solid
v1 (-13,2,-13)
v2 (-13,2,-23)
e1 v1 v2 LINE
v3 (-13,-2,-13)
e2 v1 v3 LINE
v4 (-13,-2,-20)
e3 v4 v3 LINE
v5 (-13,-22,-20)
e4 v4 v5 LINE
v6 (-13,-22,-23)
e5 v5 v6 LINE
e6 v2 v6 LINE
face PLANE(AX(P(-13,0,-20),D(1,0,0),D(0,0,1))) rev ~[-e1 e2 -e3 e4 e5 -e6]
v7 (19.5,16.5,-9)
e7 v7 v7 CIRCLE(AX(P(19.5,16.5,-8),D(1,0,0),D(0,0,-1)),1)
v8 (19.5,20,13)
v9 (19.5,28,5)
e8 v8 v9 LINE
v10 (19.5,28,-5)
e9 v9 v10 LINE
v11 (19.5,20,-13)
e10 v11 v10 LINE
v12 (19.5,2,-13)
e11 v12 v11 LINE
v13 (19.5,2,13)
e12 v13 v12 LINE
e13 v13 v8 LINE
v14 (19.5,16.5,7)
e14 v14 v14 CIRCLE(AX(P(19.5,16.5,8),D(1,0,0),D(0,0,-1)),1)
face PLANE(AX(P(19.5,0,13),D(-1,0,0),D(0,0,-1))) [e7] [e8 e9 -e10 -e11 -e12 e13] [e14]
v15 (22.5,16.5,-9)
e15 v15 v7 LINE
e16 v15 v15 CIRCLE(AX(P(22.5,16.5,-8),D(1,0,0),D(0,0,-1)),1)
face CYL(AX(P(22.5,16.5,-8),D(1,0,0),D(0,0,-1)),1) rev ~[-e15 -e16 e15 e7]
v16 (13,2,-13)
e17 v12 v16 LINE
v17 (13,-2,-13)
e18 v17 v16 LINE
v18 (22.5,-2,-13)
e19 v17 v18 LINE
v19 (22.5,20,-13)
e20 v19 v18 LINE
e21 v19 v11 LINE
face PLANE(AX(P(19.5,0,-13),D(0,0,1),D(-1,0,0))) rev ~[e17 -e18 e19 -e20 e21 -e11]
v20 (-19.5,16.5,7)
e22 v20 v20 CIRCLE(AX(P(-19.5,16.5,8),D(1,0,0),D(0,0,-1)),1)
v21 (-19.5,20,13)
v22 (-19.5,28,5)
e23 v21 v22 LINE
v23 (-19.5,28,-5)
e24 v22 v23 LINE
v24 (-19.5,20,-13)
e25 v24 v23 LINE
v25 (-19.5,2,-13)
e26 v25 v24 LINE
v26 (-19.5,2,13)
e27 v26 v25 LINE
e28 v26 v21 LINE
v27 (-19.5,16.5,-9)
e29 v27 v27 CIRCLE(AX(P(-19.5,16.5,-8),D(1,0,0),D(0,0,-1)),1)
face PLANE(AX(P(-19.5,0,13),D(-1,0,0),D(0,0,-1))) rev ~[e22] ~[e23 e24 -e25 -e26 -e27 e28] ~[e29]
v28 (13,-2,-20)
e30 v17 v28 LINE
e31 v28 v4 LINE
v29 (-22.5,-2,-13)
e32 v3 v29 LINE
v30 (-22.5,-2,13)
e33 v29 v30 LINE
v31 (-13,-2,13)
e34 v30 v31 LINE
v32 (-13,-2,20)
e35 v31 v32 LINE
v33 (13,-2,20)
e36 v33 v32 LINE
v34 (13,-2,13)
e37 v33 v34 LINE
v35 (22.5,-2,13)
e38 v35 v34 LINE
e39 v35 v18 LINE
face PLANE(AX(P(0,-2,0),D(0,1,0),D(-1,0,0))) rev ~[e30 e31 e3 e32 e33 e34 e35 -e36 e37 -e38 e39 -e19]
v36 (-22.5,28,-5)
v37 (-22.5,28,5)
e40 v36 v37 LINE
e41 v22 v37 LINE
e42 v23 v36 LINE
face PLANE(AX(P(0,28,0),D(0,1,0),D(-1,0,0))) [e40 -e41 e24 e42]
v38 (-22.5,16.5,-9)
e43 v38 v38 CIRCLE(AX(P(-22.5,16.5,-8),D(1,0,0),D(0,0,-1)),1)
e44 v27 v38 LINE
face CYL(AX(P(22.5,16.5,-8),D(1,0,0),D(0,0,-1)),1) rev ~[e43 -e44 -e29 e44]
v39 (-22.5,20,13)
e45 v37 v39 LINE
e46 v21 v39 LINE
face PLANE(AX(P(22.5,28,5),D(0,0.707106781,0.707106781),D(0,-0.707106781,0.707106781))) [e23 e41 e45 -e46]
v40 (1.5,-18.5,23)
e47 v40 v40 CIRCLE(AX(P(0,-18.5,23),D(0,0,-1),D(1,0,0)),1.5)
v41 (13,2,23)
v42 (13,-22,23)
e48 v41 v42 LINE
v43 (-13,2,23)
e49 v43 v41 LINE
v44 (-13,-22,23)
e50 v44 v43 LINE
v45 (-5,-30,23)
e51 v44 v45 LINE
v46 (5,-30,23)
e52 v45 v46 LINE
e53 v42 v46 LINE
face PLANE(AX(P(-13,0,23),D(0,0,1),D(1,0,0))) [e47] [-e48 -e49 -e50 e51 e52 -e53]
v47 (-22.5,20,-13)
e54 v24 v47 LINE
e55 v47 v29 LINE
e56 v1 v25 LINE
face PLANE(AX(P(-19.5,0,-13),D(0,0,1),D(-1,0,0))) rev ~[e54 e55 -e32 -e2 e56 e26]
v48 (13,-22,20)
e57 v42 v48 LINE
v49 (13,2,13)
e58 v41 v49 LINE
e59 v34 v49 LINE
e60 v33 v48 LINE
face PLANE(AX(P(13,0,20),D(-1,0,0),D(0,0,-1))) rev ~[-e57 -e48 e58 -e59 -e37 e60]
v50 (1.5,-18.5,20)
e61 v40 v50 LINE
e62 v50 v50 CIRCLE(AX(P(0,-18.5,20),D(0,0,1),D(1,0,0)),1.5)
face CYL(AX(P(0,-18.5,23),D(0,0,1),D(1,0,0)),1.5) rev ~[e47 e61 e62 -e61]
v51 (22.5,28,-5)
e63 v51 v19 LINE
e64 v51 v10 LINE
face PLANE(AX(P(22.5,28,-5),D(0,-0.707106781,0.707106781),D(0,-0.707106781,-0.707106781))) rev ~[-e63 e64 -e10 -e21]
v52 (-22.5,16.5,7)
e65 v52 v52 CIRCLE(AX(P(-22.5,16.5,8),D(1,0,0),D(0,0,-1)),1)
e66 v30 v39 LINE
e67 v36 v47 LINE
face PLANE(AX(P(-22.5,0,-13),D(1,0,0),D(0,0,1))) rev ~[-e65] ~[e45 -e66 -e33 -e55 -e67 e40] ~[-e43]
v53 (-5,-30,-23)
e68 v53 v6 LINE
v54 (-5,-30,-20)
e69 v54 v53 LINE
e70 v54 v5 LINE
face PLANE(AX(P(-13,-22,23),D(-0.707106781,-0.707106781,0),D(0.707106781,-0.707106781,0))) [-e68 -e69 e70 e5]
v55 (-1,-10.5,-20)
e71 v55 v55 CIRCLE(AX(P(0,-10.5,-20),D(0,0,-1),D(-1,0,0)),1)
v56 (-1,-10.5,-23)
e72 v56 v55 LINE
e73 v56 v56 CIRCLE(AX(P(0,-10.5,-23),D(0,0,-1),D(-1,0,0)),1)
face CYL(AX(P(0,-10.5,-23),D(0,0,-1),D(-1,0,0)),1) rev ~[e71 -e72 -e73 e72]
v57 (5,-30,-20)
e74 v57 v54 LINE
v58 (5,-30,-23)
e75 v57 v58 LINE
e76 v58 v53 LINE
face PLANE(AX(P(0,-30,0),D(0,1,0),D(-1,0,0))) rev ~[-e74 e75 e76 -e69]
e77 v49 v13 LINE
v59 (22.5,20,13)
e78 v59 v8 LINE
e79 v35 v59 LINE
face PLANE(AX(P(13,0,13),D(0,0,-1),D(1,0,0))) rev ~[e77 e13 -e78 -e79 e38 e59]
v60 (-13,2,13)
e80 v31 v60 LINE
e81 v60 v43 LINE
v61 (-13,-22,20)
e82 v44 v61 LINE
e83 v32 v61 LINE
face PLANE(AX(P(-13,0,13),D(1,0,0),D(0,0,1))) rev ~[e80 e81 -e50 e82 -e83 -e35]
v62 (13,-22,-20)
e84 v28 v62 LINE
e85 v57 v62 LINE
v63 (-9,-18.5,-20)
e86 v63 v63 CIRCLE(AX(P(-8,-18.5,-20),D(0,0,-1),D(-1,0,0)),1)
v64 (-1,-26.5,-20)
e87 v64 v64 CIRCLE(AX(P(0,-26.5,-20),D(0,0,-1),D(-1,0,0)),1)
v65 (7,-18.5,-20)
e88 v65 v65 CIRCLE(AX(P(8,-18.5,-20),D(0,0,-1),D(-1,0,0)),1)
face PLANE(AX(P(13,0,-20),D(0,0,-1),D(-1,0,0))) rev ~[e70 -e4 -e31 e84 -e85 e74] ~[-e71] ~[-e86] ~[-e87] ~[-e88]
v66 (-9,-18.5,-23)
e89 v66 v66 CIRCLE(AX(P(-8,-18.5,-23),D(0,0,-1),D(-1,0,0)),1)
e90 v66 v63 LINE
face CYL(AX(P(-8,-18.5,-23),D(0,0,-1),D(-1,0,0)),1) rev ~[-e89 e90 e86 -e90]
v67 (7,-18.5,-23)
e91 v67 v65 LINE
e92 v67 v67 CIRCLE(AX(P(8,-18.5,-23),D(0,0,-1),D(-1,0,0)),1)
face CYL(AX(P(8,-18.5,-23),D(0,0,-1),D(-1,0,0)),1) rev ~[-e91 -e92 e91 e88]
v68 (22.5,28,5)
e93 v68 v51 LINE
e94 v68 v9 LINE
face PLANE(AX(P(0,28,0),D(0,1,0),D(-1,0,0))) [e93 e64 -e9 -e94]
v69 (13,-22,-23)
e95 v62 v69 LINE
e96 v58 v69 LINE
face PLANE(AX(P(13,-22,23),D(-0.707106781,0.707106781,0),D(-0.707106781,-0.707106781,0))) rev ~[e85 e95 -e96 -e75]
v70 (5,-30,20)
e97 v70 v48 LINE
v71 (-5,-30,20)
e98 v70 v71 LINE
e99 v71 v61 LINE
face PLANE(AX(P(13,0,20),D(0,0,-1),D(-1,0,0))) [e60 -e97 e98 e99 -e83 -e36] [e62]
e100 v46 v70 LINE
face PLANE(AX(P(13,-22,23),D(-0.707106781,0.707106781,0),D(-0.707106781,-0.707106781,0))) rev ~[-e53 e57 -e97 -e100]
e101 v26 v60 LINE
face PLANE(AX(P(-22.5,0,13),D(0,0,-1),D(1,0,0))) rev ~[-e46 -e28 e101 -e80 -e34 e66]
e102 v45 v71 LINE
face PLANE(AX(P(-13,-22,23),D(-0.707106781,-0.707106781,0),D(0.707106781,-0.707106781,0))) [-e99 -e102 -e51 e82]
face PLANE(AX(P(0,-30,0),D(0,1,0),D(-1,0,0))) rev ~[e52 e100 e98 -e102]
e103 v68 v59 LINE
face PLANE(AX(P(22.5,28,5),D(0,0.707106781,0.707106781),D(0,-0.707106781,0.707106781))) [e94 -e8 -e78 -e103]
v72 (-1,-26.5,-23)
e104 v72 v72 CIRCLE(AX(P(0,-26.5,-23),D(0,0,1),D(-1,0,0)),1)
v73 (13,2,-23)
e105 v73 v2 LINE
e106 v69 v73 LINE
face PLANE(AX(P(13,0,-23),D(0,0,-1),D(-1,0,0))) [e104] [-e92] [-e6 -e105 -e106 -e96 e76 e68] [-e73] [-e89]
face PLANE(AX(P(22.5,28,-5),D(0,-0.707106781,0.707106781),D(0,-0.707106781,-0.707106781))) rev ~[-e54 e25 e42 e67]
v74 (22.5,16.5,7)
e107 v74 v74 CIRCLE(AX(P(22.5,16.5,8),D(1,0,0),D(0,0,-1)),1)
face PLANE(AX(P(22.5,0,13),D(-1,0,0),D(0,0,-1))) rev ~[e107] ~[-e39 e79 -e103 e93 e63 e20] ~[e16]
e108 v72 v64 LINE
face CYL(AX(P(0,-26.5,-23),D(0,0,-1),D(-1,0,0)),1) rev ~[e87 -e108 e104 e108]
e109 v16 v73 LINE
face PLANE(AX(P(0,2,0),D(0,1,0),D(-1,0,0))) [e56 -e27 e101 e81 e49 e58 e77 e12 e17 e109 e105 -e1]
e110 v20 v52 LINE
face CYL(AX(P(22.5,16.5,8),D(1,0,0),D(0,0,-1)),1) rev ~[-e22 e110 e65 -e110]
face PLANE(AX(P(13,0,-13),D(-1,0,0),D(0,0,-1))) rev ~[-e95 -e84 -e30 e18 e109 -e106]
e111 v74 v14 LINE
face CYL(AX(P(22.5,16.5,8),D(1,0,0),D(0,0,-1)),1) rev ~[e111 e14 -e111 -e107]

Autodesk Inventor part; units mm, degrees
ref_plane "YZ Plane" through (0, 0, 0) normal (1, 0, 0) x (0, 1, 0)
ref_plane "XZ Plane" through (0, 0, 0) normal (0, 1, 0) x (-1, 0, 0)
ref_plane "XY Plane" through (0, 0, 0) normal (0, 0, 1) x (1, 0, 0)
sketch "Sketch1" plane through (0, 0, 0) normal (0, 1, 0) x (-1, 0, 0)
  line L0 (22.5, 13) -> (-22.5, 13)
  line L1 (-22.5, 13) -> (-22.5, -13)
  line L2 (-22.5, -13) -> (22.5, -13)
  line L3 (22.5, -13) -> (22.5, 13)
  line L4 (13, 23) -> (-13, 23)
  line L5 (-13, 23) -> (-13, -23)
  line L6 (-13, -23) -> (13, -23)
  line L7 (13, -23) -> (13, 23)
  line L8 (13, -23) -> (-13, 23) construction
  line L9 (13, 23) -> (-13, -23) construction
  line L10 (22.5, -13) -> (-22.5, 13) construction
  line L11 (22.5, 13) -> (-22.5, -13) construction
  line L12 (13, -23) -> (-13, -23)
  line L13 (-13, -23) -> (-13, -20)
  line L14 (-13, -20) -> (13, -20)
  line L15 (13, -20) -> (13, -23)
  line L16 (13, 23) -> (-13, 23)
  line L17 (-13, 23) -> (-13, 20)
  line L18 (-13, 20) -> (13, 20)
  line L19 (13, 20) -> (13, 23)
  line L20 (22.5, 13) -> (19.5, 13)
  line L21 (19.5, 13) -> (19.5, -13)
  line L22 (19.5, -13) -> (22.5, -13)
  line L23 (22.5, -13) -> (22.5, 13)
  line L24 (-22.5, 13) -> (-19.5, 13)
  line L25 (-19.5, 13) -> (-19.5, -13)
  line L26 (-19.5, -13) -> (-22.5, -13)
  line L27 (-22.5, -13) -> (-22.5, 13)
  point P0 (0, 0)
  point P1 (0, 0)
  point P2 (0, 0)
  point P3 (-19.5, 13)
  point P4 (13, 20)
  point P5 (13, 13)
  point P6 (-13, 13)
  point P7 (-13, -13)
  point P8 (13, -13)
  dimension "d0" = 45
  dimension "d1" = 46
  dimension "d2" = 26
  dimension "d3" = 26
  dimension "d4" = 3
  dimension "d5" = 3
  dimension "d6" = 3
  dimension "d7" = 3
extrude "Extrusion1" add sketch "Sketch1" along normal blind 28 contours L3 L2 L21 L0 | L25 L2 L1 L0
extrude "Extrusion2" add sketch "Sketch1" against normal blind 30 contours L18 L5 L4 L7 | L7 L6 L5 L14
extrude "Extrusion3" add sketch "Sketch1" along normal mid plane 4 contours L21 L2 L7 L0 | L7 L2 L5 L0 | L0 L5 L18 L7 | L5 L2 L25 L0 | L7 L14 L5 L2
extrude "Extrusion4" add sketch "Sketch1" along normal blind 2 contours L18 L5 L4 L7 | L7 L6 L5 L14
extrude "Extrusion5" add sketch "Sketch1" against normal blind 2 contours L3 L2 L21 L0 | L25 L2 L1 L0
sketch "Sketch2" plane through (22.5, 28, 13) normal (1, 0, 0) x (0, 0, -1)
  line L0 (0, 0) -> (26, 0) projected
  line L1 (13, 0) -> (13, -11.5)
  circle A0 centre (21, -11.5) radius 1
  circle A1 centre (5, -11.5) radius 1
  point P0 (13, -28)
  dimension "d18" = 11.5
  dimension "d73" = 2
  dimension "d74" = 8
extrude "Extrusion6" cut sketch "Sketch2" against normal blind 60
sketch "Sketch6" plane through (22.5, 28, 13) normal (1, 0, 0) x (0, 0, -1)
  line L0 (0, 0) -> (26, 0) projected
  line L1 (8, 0) -> (0, -8)
  line L2 (0, -30) -> (0, 0) projected
  line L3 (18, 0) -> (26, -8)
  line L4 (26, -26) -> (26, 0) projected
  point P0 (13, -28)
  dimension "d43" = 8
  dimension "d44" = 8
  dimension "d45" = 8
  dimension "d46" = 8
extrude "Extrusion9" cut sketch "Sketch6" against normal blind 50
sketch "Sketch7" plane through (-13, -30, 23) normal (0, 0, 1) x (1, 0, 0)
  line L0 (0, 28) -> (0, 0) projected
  line L1 (0, 8) -> (8, 0)
  line L2 (0, 0) -> (26, 0) projected
  line L3 (26, 0) -> (26, 8)
  line L4 (26, 8) -> (18, 0)
  point P0 (13, 30)
  dimension "d49" = 8
  dimension "d50" = 8
  dimension "d51" = 8
  dimension "d52" = 8
extrude "Extrusion10" cut sketch "Sketch7" against normal blind 50
sketch "Sketch9" plane through (13, 2, -23) normal (0, 0, -1) x (-1, 0, 0)
  line L0 (18, -32) -> (8, -32) projected
  line L1 (13, -32) -> (13, -20.5)
  line L2 (13, -32) -> (24.5, -32) construction
  circle A0 centre (13, -12.5) radius 1
  circle A1 centre (5, -20.5) radius 1
  circle A2 centre (13, -28.5) radius 1
  circle A3 centre (21, -20.5) radius 1
  point P0 (13, -2)
  dimension "d59" = 11.5
  dimension "d60" = 90
  dimension "d61" = 2
  dimension "d62" = 8
  dimension "d65" = 360
extrude "Extrusion12" cut sketch "Sketch9" against normal blind 3
sketch "Sketch10" plane through (-13, 2, 23) normal (0, 0, 1) x (1, 0, 0)
  line L0 (18, -32) -> (8, -32) projected
  line L1 (13, -32) -> (13, -20.5)
  circle A0 centre (13, -20.5) radius 1.5
  point P0 (13, -2)
  dimension "d69" = 11.5
  dimension "d70" = 3
extrude "Extrusion13" cut sketch "Sketch10" against normal blind 3
properties part number "first_junction"
